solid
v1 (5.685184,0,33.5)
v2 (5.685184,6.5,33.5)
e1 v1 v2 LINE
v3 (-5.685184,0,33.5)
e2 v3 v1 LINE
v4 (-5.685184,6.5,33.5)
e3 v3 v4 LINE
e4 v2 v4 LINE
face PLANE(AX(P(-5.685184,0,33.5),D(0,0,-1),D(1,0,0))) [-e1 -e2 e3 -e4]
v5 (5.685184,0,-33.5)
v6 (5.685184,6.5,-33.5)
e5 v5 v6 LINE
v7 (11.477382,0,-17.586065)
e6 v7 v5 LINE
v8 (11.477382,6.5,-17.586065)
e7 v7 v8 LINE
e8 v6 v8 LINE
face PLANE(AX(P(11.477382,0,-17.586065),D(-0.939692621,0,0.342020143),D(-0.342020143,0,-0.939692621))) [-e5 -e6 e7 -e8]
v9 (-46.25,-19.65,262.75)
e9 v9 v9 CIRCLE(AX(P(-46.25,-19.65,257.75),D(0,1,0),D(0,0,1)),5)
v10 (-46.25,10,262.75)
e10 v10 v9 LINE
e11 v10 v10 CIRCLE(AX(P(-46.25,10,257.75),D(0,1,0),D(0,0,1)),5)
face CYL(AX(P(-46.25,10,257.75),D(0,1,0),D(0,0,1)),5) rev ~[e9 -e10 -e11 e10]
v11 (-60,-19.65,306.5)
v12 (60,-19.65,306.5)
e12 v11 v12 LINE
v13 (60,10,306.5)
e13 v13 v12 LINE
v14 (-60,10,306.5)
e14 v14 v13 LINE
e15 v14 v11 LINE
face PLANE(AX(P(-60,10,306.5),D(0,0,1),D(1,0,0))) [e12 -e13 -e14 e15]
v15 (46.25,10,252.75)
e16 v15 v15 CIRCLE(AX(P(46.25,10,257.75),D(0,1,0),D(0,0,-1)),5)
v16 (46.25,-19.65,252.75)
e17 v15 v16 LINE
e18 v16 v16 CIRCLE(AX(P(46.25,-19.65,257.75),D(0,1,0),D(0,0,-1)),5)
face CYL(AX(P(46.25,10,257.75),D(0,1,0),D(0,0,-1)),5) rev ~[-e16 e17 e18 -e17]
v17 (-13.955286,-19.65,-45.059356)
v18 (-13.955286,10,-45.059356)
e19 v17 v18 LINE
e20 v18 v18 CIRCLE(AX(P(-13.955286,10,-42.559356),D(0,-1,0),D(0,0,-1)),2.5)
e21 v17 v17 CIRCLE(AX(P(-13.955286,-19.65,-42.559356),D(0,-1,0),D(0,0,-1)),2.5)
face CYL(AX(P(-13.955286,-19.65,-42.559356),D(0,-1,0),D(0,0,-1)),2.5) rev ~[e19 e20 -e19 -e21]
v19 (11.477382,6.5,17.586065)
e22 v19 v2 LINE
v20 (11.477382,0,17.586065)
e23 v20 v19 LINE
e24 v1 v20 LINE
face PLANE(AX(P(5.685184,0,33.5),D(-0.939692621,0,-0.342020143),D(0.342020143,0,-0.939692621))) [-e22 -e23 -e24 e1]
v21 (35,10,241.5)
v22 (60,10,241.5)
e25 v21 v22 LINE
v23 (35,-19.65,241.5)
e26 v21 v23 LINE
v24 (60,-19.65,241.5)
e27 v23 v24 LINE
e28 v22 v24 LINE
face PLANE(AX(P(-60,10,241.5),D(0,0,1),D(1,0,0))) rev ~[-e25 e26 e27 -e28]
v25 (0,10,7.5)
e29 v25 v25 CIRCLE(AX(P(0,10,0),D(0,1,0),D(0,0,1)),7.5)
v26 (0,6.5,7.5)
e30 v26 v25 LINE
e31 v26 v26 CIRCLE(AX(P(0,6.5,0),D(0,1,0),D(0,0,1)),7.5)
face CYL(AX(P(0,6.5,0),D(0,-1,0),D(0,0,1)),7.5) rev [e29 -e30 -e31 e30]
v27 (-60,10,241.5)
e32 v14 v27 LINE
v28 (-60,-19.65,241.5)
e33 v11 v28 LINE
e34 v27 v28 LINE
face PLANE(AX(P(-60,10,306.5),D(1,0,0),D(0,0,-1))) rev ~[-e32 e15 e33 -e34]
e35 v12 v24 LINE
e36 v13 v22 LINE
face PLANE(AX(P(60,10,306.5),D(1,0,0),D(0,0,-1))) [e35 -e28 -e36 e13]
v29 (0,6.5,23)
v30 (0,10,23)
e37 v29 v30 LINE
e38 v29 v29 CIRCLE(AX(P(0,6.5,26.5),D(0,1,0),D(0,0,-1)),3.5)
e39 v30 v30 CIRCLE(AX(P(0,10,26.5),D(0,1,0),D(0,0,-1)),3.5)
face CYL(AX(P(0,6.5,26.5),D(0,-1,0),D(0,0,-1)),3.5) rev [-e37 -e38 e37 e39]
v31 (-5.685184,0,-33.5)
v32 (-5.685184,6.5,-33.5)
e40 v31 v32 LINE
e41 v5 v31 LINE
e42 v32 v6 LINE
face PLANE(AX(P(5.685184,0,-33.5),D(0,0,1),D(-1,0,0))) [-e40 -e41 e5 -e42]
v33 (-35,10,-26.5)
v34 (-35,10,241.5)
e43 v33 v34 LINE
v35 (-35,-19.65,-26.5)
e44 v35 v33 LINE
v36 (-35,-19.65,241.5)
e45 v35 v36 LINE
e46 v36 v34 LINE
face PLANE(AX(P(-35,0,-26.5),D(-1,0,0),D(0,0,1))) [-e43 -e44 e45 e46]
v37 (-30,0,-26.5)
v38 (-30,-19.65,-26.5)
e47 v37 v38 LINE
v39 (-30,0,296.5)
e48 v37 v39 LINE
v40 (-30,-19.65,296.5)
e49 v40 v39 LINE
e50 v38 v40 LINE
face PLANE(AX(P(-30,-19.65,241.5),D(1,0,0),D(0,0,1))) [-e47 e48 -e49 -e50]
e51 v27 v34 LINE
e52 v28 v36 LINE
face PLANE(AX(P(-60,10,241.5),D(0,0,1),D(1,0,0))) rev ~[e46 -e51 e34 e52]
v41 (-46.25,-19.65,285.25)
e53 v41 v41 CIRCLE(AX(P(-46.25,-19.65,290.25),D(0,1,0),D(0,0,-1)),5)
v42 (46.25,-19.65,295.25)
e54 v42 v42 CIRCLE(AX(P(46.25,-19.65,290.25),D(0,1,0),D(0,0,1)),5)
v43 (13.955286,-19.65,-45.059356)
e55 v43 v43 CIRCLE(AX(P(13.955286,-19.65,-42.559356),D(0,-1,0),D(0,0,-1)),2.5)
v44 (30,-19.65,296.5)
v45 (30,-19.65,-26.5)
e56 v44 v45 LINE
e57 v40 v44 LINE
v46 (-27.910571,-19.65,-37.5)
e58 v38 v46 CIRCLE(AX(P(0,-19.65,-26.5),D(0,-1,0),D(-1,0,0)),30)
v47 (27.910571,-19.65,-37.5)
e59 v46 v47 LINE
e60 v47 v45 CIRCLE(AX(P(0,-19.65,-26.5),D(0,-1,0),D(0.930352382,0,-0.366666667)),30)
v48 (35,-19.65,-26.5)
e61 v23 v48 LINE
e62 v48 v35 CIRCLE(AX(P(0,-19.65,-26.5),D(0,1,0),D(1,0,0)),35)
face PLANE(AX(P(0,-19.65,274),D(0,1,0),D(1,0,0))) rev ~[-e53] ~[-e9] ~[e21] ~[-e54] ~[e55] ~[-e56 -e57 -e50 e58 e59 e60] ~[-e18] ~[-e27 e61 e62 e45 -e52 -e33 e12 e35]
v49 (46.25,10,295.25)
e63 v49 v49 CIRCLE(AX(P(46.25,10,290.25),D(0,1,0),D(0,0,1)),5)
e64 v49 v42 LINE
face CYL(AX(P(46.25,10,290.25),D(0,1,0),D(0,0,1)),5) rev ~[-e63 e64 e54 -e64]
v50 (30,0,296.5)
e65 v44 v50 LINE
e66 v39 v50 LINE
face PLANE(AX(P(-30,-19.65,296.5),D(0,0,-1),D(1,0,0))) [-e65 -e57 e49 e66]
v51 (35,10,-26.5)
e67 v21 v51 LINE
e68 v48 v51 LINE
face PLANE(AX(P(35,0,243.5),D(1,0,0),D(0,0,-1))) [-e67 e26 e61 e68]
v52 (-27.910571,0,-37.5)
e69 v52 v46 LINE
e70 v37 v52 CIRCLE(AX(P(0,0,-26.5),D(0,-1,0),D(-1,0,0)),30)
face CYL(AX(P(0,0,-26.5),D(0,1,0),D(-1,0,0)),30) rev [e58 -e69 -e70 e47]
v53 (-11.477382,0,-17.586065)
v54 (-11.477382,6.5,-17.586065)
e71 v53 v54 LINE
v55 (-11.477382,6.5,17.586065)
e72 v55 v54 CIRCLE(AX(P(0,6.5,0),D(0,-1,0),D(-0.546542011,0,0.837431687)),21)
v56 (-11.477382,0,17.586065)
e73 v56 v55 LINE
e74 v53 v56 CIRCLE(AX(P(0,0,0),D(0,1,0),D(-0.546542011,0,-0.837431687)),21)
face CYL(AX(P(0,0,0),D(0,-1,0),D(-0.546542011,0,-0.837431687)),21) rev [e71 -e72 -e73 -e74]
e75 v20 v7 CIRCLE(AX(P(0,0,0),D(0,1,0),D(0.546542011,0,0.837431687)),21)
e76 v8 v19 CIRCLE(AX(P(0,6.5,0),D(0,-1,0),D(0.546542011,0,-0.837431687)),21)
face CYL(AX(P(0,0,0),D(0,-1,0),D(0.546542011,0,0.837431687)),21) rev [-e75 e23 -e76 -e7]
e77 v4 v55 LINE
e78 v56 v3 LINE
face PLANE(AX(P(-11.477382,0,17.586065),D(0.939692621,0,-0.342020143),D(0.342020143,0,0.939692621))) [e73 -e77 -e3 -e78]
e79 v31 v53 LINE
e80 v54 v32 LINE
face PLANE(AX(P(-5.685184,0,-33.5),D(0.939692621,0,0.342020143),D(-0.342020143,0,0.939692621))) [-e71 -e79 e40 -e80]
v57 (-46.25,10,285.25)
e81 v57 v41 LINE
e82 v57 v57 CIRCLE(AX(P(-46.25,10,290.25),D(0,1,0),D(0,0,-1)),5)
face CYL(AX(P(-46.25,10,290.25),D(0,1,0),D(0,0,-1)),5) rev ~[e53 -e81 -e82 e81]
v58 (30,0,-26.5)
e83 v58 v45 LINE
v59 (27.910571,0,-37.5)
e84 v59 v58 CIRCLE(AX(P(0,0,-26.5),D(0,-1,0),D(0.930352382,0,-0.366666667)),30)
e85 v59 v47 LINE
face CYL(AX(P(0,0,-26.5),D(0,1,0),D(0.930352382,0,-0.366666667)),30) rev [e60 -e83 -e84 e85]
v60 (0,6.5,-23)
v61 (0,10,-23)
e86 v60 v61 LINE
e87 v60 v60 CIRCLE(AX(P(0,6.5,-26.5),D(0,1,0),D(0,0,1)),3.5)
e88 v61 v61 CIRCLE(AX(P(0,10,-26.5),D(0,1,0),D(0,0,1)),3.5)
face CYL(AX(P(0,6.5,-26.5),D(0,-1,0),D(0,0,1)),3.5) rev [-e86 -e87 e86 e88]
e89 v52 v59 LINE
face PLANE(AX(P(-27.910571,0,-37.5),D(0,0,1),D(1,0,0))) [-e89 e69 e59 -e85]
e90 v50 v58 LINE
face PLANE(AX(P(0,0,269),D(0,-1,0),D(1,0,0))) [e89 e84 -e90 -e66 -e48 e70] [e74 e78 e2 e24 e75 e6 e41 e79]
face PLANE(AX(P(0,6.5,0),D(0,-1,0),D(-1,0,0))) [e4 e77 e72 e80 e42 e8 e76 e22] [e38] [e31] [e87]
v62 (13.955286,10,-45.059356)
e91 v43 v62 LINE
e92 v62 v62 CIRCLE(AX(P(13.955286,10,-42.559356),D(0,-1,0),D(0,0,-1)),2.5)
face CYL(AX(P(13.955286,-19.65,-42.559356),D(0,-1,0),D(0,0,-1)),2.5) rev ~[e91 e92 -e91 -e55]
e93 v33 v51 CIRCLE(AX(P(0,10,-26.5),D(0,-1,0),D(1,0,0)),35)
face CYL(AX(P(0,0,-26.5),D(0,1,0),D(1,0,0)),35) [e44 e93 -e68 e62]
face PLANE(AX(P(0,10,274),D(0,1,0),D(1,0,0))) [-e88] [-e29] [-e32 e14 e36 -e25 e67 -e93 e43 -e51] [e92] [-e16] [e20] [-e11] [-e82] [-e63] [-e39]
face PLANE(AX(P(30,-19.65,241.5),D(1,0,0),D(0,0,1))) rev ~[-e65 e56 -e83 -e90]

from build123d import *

# Parameters (mm, degrees)
BOSS_EXTRUDE1_DEPTH             = 10
BOSS_EXTRUDE2_START             = -3.5
SKETCH2_R                       = 3.5
SKETCH2_R_2                     = 7.5
BOSS_EXTRUDE2_DEPTH             = 3.5
BOSS_EXTRUDE3_REACH             = 247.545
BOSS_EXTRUDE3_DIRECTION_2_DEPTH = 19.65
SKETCH4_R                       = 2.5
CUT_EXTRUDE1_DEPTH              = 248.78291406
SKETCH5_W                       = 120
SKETCH5_H                       = 65
SKETCH5_R                       = 5
BOSS_EXTRUDE4_DEPTH             = 29.65
SKETCH6_W                       = 60
SKETCH6_H                       = 55
CUT_EXTRUDE2_DEPTH              = 19.65


with BuildPart() as part:
    # Sketch1 → Boss-Extrude1 (new body)
    with BuildSketch(Plane(origin=(0, 0, 0), x_dir=(1, 0, 0), z_dir=(0, 1, 0))):
        with BuildLine():
            Line((30, 26.5), (30, -243.5))
            Line((30, -243.5), (-30, -243.5))
            Line((-30, -243.5), (-30, 26.5))
            ThreePointArc((-30, 26.5), (0, 56.5), (30, 26.5))
        make_face()
        with BuildLine():
            ThreePointArc((11.477382224, -17.586065429), (21, 0), (11.477382224, 17.586065429))
            Line((11.477382224, 17.586065429), (5.68518373, 33.5))
            Line((5.68518373, 33.5), (-5.68518373, 33.5))
            Line((-5.68518373, 33.5), (-11.477382224, 17.586065429))
            ThreePointArc((-11.477382224, 17.586065429), (-21, 0), (-11.477382224, -17.586065429))
            Line((-11.477382224, -17.586065429), (-5.68518373, -33.5))
            Line((-5.68518373, -33.5), (5.68518373, -33.5))
            Line((5.68518373, -33.5), (11.477382224, -17.586065429))
        make_face(mode=Mode.SUBTRACT)
    extrude(amount=BOSS_EXTRUDE1_DEPTH)

    # Sketch2 → Boss-Extrude2 (add)
    with BuildSketch(Plane(origin=(0, 10, 0), x_dir=(1, 0, 0), z_dir=(0, 1, 0)).offset(BOSS_EXTRUDE2_START)):
        with BuildLine():
            Line((5.68518373, 33.5), (11.477382224, 17.586065429))
            ThreePointArc((11.477382224, 17.586065429), (21, 0), (11.477382224, -17.586065429))
            Line((11.477382224, -17.586065429), (5.68518373, -33.5))
            Line((5.68518373, -33.5), (-5.68518373, -33.5))
            Line((-5.68518373, -33.5), (-11.477382224, -17.586065429))
            ThreePointArc((-11.477382224, -17.586065429), (-21, 0), (-11.477382224, 17.586065429))
            Line((-11.477382224, 17.586065429), (-5.68518373, 33.5))
            Line((-5.68518373, 33.5), (5.68518373, 33.5))
        make_face()
        with Locations(Location((0, 26.5, 0), (0, 0, 270))):
            Circle(SKETCH2_R, mode=Mode.SUBTRACT)
        with Locations(Location((0, -26.5, 0), (0, 0, 90))):
            Circle(SKETCH2_R, mode=Mode.SUBTRACT)
        with Locations(Location((0, 0, 0), (0, 0, 270))):
            Circle(SKETCH2_R_2, mode=Mode.SUBTRACT)
    extrude(amount=BOSS_EXTRUDE2_DEPTH)

    # Boss-Extrude3: up to this face of the body (flat: up to its plane)
    boss_extrude3_end = Plane(part.part.faces().sort_by_distance((0, 10, 98.054911476))[0])
    # Sketch3 → Boss-Extrude3 (add, up to the picked face)
    with BuildSketch(Plane.XZ, mode=Mode.PRIVATE) as boss_extrude3_sk1:
        with BuildLine():
            Line((35, 243.5), (35, -26.5))
            ThreePointArc((35, -26.5), (0, -61.5), (-35, -26.5))
            Line((-35, -26.5), (-35, 243.5))
            Line((-35, 243.5), (-30, 243.5))
            Line((-30, 243.5), (-30, -26.5))
            ThreePointArc((-30, -26.5), (-29.473014303, -32.09834153), (-27.910571474, -37.5))
            Line((-27.910571474, -37.5), (27.910571474, -37.5))
            ThreePointArc((27.910571474, -37.5), (29.473014303, -32.09834153), (30, -26.5))
            Line((30, -26.5), (30, 243.5))
            Line((30, 243.5), (35, 243.5))
        make_face()
    boss_extrude3_tool1 = split(extrude(boss_extrude3_sk1.sketch, amount=-BOSS_EXTRUDE3_REACH, mode=Mode.PRIVATE), bisect_by=boss_extrude3_end, keep=Keep.BOTH, mode=Mode.PRIVATE)
    add(boss_extrude3_tool1.solids().sort_by(Axis((33.129297, 0, 108.5), (0, 1, 0)))[0])

    # Sketch3 → Boss-Extrude3 direction 2 (add)
    with BuildSketch(Plane.XZ):
        with BuildLine():
            Line((35, 243.5), (35, -26.5))
            ThreePointArc((35, -26.5), (0, -61.5), (-35, -26.5))
            Line((-35, -26.5), (-35, 243.5))
            Line((-35, 243.5), (-30, 243.5))
            Line((-30, 243.5), (-30, -26.5))
            ThreePointArc((-30, -26.5), (-29.473014303, -32.09834153), (-27.910571474, -37.5))
            Line((-27.910571474, -37.5), (27.910571474, -37.5))
            ThreePointArc((27.910571474, -37.5), (29.473014303, -32.09834153), (30, -26.5))
            Line((30, -26.5), (30, 243.5))
            Line((30, 243.5), (35, 243.5))
        make_face()
    extrude(amount=BOSS_EXTRUDE3_DIRECTION_2_DEPTH)

    # Sketch4 → Cut-Extrude1 (cut, through all)
    with BuildSketch(Plane.XZ.offset(19.65)):
        with Locations(Location((-13.955285737, -42.559356041, 0), (0, 0, 270))):
            Circle(SKETCH4_R)
        with Locations(Location((13.955285737, -42.559356041, 0), (0, 0, 270))):
            Circle(SKETCH4_R)
    extrude(amount=-CUT_EXTRUDE1_DEPTH, mode=Mode.SUBTRACT)

    # Sketch5 → Boss-Extrude4 (add)
    with BuildSketch(Plane(origin=(0, 10, 0), x_dir=(1, 0, 0), z_dir=(0, 1, 0))):
        with Locations((0, -274)):
            Rectangle(SKETCH5_W, SKETCH5_H)
        with Locations(Location((46.25, -290.25, 0), (0, 0, 270))):
            Circle(SKETCH5_R, mode=Mode.SUBTRACT)
        with Locations(Location((-46.25, -290.25, 0), (0, 0, 90))):
            Circle(SKETCH5_R, mode=Mode.SUBTRACT)
        with Locations(Location((46.25, -257.75, 0), (0, 0, 90))):
            Circle(SKETCH5_R, mode=Mode.SUBTRACT)
        with Locations(Location((-46.25, -257.75, 0), (0, 0, 270))):
            Circle(SKETCH5_R, mode=Mode.SUBTRACT)
    extrude(amount=-BOSS_EXTRUDE4_DEPTH)

    # Sketch6 → Cut-Extrude2 (cut)
    with BuildSketch(Plane.XZ.offset(19.65)):
        with Locations((0, 269)):
            Rectangle(SKETCH6_W, SKETCH6_H)
    extrude(amount=-CUT_EXTRUDE2_DEPTH, mode=Mode.SUBTRACT)


solid = part.part
